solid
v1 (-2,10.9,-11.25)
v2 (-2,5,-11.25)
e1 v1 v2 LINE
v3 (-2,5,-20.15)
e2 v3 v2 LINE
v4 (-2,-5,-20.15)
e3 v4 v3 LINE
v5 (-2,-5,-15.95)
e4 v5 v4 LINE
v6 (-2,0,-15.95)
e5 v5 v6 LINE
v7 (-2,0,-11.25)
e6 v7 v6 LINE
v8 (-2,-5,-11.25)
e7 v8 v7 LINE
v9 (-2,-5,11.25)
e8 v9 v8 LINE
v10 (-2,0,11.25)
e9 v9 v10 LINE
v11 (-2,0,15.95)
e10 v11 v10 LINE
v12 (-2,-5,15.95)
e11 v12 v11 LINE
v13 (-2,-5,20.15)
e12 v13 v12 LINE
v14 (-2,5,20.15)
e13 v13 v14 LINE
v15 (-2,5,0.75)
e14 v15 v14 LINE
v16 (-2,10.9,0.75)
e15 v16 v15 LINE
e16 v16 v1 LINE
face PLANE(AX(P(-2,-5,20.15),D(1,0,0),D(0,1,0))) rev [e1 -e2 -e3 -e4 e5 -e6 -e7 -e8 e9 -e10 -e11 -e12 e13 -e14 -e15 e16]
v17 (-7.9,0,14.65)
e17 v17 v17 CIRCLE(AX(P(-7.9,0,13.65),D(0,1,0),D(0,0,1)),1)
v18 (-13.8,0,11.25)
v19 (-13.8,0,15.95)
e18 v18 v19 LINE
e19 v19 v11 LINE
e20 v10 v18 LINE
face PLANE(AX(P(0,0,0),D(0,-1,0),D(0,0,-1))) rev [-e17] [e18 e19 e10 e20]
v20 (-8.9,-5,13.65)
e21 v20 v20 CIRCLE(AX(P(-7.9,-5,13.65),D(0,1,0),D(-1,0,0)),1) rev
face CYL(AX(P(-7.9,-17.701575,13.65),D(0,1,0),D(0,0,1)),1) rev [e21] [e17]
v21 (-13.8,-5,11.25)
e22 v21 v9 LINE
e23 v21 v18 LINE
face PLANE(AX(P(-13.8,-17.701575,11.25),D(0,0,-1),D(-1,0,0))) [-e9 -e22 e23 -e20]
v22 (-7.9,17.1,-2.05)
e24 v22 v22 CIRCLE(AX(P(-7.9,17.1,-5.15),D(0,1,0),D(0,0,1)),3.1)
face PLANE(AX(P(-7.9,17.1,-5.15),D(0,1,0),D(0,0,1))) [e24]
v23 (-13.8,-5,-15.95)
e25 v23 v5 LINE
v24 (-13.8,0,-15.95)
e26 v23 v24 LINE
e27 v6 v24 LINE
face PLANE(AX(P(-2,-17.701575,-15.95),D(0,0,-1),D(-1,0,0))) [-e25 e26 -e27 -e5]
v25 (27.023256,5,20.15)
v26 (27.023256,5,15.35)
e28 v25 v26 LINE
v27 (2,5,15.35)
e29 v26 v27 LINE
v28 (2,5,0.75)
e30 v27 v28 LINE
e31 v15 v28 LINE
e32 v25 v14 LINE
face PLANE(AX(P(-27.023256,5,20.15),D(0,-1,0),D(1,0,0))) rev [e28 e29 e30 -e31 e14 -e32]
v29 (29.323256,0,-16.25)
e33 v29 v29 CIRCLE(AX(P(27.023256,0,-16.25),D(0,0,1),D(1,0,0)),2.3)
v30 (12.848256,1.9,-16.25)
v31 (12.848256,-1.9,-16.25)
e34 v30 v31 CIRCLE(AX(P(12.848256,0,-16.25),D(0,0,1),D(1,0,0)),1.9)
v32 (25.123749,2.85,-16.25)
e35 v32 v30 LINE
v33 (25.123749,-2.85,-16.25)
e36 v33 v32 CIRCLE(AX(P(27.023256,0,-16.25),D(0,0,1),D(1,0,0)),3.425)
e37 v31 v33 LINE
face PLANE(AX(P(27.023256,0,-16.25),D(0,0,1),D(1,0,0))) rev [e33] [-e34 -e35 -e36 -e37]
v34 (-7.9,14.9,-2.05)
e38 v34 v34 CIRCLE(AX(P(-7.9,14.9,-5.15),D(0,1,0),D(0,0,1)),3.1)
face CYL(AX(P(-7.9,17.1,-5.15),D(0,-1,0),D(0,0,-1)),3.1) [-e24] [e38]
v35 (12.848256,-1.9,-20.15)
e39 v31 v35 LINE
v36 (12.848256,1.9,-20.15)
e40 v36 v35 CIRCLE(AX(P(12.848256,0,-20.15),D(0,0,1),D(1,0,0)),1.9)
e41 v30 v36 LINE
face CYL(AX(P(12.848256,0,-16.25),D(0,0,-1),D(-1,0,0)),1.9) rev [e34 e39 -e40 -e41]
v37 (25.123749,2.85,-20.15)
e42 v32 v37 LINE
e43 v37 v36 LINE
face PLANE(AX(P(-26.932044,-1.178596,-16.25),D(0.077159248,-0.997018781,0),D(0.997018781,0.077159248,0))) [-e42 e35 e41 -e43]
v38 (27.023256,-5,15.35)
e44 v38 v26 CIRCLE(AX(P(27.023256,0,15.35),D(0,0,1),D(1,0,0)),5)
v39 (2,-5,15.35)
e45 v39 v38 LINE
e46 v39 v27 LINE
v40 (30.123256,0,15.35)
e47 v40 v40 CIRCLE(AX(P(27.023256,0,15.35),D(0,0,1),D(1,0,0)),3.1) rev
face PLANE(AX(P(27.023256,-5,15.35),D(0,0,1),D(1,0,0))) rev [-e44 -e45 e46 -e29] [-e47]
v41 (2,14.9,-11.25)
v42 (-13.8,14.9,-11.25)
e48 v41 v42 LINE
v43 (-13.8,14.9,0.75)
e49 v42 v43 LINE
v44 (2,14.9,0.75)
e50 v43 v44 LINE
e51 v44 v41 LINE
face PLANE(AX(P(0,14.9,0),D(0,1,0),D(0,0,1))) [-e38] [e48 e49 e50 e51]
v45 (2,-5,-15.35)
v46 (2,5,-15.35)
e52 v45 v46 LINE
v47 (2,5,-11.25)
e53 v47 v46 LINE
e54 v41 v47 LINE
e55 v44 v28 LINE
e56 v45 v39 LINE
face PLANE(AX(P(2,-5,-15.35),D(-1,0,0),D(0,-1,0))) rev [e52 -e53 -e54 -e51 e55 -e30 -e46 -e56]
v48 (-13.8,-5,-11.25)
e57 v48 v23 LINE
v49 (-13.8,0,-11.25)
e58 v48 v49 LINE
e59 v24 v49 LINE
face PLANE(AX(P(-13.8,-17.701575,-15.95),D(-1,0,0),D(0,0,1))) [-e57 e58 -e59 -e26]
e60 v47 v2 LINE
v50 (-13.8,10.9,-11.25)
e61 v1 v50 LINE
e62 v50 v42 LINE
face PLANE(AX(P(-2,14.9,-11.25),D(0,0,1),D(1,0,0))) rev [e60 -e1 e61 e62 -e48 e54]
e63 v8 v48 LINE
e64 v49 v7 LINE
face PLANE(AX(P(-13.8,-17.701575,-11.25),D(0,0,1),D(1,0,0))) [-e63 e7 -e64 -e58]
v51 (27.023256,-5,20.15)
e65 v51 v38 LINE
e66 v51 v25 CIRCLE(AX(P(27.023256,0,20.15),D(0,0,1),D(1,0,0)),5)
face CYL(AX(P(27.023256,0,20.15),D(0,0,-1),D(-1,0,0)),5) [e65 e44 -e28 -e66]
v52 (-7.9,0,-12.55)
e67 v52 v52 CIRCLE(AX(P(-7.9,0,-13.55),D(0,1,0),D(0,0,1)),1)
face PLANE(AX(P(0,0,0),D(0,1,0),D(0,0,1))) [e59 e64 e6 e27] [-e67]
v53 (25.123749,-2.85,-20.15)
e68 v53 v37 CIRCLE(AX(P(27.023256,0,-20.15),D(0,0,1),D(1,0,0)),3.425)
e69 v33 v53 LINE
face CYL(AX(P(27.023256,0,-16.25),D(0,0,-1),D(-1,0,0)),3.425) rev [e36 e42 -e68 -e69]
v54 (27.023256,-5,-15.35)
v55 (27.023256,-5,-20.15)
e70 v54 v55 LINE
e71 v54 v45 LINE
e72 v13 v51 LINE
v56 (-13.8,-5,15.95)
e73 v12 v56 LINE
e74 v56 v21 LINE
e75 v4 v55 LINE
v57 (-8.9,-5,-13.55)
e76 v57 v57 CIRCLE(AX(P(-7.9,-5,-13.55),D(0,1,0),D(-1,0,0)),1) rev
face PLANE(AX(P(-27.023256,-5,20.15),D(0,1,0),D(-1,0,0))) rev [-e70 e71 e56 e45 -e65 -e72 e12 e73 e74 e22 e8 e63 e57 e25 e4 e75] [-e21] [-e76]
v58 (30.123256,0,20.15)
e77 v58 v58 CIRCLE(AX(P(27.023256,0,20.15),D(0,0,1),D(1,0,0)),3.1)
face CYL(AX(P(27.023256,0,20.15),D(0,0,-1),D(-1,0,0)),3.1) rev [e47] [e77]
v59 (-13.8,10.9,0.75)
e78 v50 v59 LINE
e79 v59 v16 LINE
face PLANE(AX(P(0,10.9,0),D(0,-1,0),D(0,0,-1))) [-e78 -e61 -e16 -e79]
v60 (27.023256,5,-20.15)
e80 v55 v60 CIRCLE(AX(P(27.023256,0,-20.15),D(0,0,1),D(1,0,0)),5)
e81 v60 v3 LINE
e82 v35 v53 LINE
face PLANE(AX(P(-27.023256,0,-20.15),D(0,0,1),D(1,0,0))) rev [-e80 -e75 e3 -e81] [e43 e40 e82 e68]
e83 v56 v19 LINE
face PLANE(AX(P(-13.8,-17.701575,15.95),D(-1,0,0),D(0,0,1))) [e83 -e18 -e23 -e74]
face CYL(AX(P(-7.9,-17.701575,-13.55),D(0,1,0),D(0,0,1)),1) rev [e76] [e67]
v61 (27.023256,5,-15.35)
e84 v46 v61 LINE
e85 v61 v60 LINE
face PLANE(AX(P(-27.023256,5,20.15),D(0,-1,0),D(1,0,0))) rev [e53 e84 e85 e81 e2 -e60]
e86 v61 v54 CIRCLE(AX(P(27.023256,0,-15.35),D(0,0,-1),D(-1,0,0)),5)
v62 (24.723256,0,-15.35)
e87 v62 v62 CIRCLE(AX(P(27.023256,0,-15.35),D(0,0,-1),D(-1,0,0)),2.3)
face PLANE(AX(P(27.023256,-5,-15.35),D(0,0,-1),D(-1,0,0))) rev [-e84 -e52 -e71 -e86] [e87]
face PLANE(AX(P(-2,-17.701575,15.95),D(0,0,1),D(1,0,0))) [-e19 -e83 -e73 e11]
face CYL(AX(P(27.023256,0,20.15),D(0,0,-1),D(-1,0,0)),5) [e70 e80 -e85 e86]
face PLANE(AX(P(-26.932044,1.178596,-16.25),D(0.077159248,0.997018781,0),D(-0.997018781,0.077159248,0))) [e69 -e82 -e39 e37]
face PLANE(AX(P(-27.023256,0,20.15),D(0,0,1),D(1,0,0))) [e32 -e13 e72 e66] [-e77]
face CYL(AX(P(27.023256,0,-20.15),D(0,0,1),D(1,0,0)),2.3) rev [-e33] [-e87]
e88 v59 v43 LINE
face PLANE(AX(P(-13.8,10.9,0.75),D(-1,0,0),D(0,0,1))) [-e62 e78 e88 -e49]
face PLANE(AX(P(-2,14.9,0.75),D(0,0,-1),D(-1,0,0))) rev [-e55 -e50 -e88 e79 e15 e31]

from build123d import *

# Parameters (mm, degrees)
BOSS_EXTRUDE1_DEPTH     = 20.15
CUT_EXTRUDE1_DEPTH      = 40.134529676
CUT_EXTRUDE1_DEPTH_BACK = 40.134529676
CUT_EXTRUDE2_START      = -40.3
CUT_EXTRUDE2_DEPTH      = 3.9
SKETCH5_R               = 2.3
CUT_EXTRUDE3_DEPTH      = 39.164268799
SKETCH6_R               = 3.1
CUT_EXTRUDE4_DEPTH      = 39.164268799
SKETCH7_W               = 11.8
SKETCH7_H               = 4.7
SKETCH7_R               = 1
BOSS_EXTRUDE2_DEPTH     = 5
SKETCH8_W               = 4
SKETCH8_H               = 12
BOSS_EXTRUDE3_DEPTH     = 9.9
SKETCH8_2_W             = 4
SKETCH8_2_H             = 12
BOSS_EXTRUDE4_DEPTH     = 9.9
SKETCH9_W               = 11.8
SKETCH9_H               = 12
BOSS_EXTRUDE5_DEPTH     = 4
SKETCH10_R              = 3.1
BOSS_EXTRUDE6_DEPTH     = 2.2


with BuildPart() as part:
    # Sketch1 → Boss-Extrude1 (new, symmetric)
    with BuildSketch(Plane.XY):
        with BuildLine():
            Line((-27.023255814, 5), (27.023255814, 5))
            ThreePointArc((27.023255814, 5), (32.023255814, 0), (27.023255814, -5))
            Line((27.023255814, -5), (-27.023255814, -5))
            ThreePointArc((-27.023255814, -5), (-32.023255814, 0), (-27.023255814, 5))
        make_face()
    extrude(amount=BOSS_EXTRUDE1_DEPTH, both=True)

    # Sketch2 → Cut-Extrude1 (cut, two sides: drawn at the far end of the back side and taken through both)
    with BuildSketch(Plane(origin=(0, 5, 0), x_dir=(1, 0, 0), z_dir=(0, 1, 0)).offset(-CUT_EXTRUDE1_DEPTH_BACK)):
        Polygon((-2, -20.15), (-2, 20.15), (-27.023255814, 20.15), (-37.952019542, 20.15), (-37.952019542, -20.15), (-27.023255814, -20.15), align=None)
        Polygon((27.023255814, 15.35), (38.05829872, 15.35), (38.05829872, -15.35), (27.023255814, -15.35), (2, -15.35), (2, 15.35), align=None)
    extrude(amount=CUT_EXTRUDE1_DEPTH + CUT_EXTRUDE1_DEPTH_BACK, mode=Mode.SUBTRACT)

    # Sketch4 → Cut-Extrude2 (cut)
    with BuildSketch(Plane.XY.offset(20.15).offset(CUT_EXTRUDE2_START)):
        with BuildLine():
            Line((25.123749299, 2.85), (12.848255814, 1.9))
            ThreePointArc((12.848255814, 1.9), (10.948255814, 0), (12.848255814, -1.9))
            Line((12.848255814, -1.9), (25.123749299, -2.85))
            ThreePointArc((25.123749299, -2.85), (30.448255814, 0), (25.123749299, 2.85))
        make_face()
    extrude(amount=CUT_EXTRUDE2_DEPTH, mode=Mode.SUBTRACT)

    # Sketch5 → Cut-Extrude3 (cut, through all)
    with BuildSketch(Plane.XY):
        with Locations((27.023255814, 0)):
            Circle(SKETCH5_R)
    extrude(amount=-CUT_EXTRUDE3_DEPTH, mode=Mode.SUBTRACT)

    # Sketch6 → Cut-Extrude4 (cut, through all)
    with BuildSketch(Plane.XY):
        with Locations((27.023255814, 0)):
            Circle(SKETCH6_R)
    extrude(amount=CUT_EXTRUDE4_DEPTH, mode=Mode.SUBTRACT)

    # Sketch7 → Boss-Extrude2 (add)
    # profile 1 of 2: a face of its own
    with BuildSketch(Plane(origin=(0, 0, 0), x_dir=(1, 0, 0), z_dir=(0, 1, 0))):
        with Locations((-7.9, 13.6)):
            Rectangle(SKETCH7_W, SKETCH7_H)
        with Locations(Location((-7.9, 13.55, 0), (0, 0, 270))):
            Circle(SKETCH7_R, mode=Mode.SUBTRACT)
    # profile 2 of 2: a face of its own
    with BuildSketch(Plane(origin=(0, 0, 0), x_dir=(1, 0, 0), z_dir=(0, 1, 0))):
        with Locations((-7.9, -13.6)):
            Rectangle(SKETCH7_W, SKETCH7_H)
        with Locations(Location((-7.9, -13.65, 0), (0, 0, 270))):
            Circle(SKETCH7_R, mode=Mode.SUBTRACT)
    extrude(amount=-BOSS_EXTRUDE2_DEPTH)

    # Sketch8 → Boss-Extrude3 (add)
    with BuildSketch(Plane(origin=(0, 5, 0), x_dir=(1, 0, 0), z_dir=(0, 1, 0))):
        with Locations((0, 5.25)):
            Rectangle(SKETCH8_W, SKETCH8_H)
    extrude(amount=BOSS_EXTRUDE3_DEPTH)

    # Sketch8<2> → Boss-Extrude4 (add)
    with BuildSketch(Plane(origin=(0, 5, 0), x_dir=(1, 0, 0), z_dir=(0, 1, 0))):
        with Locations((0, 5.25)):
            Rectangle(SKETCH8_2_W, SKETCH8_2_H)
    extrude(amount=BOSS_EXTRUDE4_DEPTH)

    # Sketch9 → Boss-Extrude5 (add)
    with BuildSketch(Plane(origin=(0, 14.9, 0), x_dir=(1, 0, 0), z_dir=(0, 1, 0))):
        with Locations((-7.9, 5.25)):
            Rectangle(SKETCH9_W, SKETCH9_H)
    extrude(amount=-BOSS_EXTRUDE5_DEPTH)

    # Sketch10 → Boss-Extrude6 (add)
    with BuildSketch(Plane(origin=(0, 14.9, 0), x_dir=(1, 0, 0), z_dir=(0, 1, 0))):
        with Locations(Location((-7.9, 5.15, 0), (0, 0, 270))):
            Circle(SKETCH10_R)
    extrude(amount=BOSS_EXTRUDE6_DEPTH)


solid = part.part
